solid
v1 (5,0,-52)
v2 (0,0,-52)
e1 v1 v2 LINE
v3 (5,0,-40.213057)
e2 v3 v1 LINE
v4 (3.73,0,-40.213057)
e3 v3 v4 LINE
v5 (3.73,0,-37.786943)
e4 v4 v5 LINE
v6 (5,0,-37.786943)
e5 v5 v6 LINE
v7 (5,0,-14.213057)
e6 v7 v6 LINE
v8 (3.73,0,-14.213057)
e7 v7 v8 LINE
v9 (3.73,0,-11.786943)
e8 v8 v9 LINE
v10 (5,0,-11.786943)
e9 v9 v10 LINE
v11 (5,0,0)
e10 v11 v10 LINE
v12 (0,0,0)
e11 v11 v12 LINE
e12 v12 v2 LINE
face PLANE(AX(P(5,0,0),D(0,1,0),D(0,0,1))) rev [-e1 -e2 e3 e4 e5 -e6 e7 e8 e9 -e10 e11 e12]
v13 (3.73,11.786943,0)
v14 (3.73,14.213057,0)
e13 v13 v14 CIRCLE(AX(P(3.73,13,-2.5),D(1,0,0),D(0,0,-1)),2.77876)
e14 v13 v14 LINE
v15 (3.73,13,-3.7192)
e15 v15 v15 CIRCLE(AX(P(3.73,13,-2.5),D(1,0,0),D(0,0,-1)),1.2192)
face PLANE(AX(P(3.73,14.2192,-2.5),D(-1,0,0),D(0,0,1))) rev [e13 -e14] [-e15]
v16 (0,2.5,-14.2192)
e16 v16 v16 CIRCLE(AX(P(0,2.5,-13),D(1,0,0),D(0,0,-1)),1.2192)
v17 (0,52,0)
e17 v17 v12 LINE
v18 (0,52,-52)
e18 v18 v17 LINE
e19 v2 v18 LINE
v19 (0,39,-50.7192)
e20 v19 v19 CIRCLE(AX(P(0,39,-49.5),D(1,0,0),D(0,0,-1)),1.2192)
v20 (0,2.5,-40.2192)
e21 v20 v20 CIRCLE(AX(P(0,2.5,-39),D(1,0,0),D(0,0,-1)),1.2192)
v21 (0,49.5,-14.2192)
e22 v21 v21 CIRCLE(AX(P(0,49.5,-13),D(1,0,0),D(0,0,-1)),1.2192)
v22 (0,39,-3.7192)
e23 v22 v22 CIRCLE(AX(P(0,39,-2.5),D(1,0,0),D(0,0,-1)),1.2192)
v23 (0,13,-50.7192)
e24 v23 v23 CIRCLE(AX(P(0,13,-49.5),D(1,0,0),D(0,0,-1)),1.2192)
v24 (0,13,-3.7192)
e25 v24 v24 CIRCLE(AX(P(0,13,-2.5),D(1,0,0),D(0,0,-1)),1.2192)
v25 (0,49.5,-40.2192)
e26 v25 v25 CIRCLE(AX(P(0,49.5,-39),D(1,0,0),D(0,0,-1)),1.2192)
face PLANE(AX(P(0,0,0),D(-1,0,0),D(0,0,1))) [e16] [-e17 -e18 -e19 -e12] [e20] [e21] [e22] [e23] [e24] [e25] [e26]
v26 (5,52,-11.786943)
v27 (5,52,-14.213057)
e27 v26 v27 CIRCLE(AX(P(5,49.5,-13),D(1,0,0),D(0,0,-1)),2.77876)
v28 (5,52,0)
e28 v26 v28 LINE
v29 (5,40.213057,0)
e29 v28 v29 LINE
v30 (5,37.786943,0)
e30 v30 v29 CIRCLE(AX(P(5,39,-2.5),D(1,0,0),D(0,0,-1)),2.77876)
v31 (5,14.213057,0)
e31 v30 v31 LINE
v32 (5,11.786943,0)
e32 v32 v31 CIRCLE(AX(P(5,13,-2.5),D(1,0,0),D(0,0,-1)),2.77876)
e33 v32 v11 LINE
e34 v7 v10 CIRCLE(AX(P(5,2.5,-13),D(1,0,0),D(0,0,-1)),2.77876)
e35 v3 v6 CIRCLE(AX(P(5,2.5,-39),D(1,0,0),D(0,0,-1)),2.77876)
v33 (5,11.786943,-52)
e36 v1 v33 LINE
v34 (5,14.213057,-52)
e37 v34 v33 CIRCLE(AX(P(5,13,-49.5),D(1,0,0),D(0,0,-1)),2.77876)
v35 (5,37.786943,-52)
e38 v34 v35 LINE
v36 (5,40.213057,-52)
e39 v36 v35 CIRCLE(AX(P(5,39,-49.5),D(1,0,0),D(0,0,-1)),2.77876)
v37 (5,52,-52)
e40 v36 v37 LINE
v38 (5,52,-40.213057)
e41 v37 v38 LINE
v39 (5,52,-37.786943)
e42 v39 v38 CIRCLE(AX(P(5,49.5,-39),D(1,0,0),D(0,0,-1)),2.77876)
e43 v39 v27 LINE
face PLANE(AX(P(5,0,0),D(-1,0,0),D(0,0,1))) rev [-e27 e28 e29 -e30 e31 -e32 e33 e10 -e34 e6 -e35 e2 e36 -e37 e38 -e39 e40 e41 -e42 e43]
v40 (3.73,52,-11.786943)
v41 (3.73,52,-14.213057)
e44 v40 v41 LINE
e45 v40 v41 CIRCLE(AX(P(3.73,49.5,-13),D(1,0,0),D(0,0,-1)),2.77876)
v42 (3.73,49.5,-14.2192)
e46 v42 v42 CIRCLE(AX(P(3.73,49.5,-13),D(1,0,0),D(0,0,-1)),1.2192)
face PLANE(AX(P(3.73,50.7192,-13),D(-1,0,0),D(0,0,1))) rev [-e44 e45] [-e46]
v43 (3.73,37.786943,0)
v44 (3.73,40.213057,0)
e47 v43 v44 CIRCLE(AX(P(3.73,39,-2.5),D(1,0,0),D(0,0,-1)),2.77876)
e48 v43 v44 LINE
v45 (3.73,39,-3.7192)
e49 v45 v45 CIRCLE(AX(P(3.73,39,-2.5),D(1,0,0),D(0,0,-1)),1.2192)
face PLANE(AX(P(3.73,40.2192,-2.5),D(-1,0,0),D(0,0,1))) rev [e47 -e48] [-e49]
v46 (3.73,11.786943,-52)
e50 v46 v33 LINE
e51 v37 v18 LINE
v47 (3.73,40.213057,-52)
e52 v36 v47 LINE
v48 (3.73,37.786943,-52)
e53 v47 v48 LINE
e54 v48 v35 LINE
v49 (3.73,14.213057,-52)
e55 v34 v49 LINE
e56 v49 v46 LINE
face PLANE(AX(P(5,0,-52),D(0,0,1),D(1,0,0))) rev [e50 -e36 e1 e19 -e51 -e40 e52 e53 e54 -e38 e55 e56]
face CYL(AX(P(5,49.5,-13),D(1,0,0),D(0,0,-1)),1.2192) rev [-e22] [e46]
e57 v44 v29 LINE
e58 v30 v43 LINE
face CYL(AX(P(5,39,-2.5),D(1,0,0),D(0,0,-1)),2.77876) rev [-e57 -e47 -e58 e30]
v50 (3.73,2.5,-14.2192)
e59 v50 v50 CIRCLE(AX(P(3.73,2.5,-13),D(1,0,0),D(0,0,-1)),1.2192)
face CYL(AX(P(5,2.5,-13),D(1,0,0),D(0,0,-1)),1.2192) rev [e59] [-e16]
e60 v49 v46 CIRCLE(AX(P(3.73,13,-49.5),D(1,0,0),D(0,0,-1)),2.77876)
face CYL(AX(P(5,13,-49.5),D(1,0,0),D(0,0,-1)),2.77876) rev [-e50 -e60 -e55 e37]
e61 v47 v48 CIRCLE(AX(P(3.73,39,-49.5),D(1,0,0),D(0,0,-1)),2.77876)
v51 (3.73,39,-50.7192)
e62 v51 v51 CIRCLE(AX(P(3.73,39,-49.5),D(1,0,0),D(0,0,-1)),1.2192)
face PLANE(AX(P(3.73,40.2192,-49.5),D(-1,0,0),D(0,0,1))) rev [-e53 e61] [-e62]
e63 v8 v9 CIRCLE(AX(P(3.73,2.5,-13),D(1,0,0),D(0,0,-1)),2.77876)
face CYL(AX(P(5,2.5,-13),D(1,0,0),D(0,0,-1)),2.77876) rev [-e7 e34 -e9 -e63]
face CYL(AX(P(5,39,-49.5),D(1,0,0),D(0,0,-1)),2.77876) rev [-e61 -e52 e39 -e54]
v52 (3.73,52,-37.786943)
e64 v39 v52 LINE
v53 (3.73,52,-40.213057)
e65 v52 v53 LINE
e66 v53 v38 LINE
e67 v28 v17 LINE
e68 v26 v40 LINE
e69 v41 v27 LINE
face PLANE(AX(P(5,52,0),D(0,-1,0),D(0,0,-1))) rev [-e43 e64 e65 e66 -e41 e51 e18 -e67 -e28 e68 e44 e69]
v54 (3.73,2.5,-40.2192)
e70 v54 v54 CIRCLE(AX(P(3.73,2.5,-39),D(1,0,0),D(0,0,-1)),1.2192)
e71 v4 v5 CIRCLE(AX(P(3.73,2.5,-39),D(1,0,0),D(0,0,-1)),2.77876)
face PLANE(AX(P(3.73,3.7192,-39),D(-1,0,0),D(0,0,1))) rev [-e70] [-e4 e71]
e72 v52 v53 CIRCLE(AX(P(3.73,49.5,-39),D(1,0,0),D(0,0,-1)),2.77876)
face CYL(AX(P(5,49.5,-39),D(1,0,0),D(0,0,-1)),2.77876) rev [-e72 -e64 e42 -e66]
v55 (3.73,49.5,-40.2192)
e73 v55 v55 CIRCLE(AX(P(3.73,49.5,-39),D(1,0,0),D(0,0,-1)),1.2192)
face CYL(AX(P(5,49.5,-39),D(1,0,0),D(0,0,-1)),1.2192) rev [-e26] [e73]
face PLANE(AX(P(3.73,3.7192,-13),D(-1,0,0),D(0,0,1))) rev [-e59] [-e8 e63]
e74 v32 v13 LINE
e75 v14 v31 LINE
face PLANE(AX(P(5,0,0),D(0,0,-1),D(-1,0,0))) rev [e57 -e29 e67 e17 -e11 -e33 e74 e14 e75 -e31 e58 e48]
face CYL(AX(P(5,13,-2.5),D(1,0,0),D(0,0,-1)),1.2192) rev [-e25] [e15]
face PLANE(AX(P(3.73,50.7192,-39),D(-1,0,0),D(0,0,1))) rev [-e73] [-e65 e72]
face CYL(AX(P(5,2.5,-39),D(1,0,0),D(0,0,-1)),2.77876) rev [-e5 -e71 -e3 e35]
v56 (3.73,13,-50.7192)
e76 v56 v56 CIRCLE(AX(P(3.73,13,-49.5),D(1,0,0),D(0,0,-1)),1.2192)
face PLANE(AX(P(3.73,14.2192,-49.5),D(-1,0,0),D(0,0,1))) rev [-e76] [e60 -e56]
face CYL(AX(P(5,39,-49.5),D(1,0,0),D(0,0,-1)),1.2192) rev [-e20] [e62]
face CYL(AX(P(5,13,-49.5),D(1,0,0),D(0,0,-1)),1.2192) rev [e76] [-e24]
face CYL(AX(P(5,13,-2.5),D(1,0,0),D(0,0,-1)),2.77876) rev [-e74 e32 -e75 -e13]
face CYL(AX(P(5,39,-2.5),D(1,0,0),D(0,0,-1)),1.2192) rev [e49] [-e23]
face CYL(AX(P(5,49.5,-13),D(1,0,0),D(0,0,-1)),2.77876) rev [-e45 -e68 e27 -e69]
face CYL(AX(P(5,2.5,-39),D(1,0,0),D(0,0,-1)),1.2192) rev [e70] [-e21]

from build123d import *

# Parameters (mm, degrees)
SKETCH1_W                                           = 52
SKETCH1_H                                           = 52
BOSS_EXTRUDE1_DEPTH                                 = 5
CBORE_FOR_2_BINDING_HEAD_MACHINE_SCREW1_D           = 2.4384
CBORE_FOR_2_BINDING_HEAD_MACHINE_SCREW1_CBORE_D     = 5.55752
CBORE_FOR_2_BINDING_HEAD_MACHINE_SCREW1_CBORE_DEPTH = 1.27


with BuildPart() as part:
    # Sketch1 → Boss-Extrude1 (new body)
    with BuildSketch(Plane(origin=(0, 0, 0), x_dir=(0, 0, -1), z_dir=(1, 0, 0))):
        with Locations((26, 26)):
            Rectangle(SKETCH1_W, SKETCH1_H)
    extrude(amount=BOSS_EXTRUDE1_DEPTH)

    # CBORE for #2 Binding Head Machine Screw1 (through all)
    with Locations(Plane(origin=(5, 0, 0), x_dir=(0, 0, -1), z_dir=(1, 0, 0))):
        with Locations((13, 49.5), (39, 49.5), (49.5, 39), (49.5, 13), (39, 2.5), (13, 2.5), (2.5, 13), (2.5, 39)):
            CounterBoreHole(CBORE_FOR_2_BINDING_HEAD_MACHINE_SCREW1_D / 2, CBORE_FOR_2_BINDING_HEAD_MACHINE_SCREW1_CBORE_D / 2, CBORE_FOR_2_BINDING_HEAD_MACHINE_SCREW1_CBORE_DEPTH)


solid = part.part
